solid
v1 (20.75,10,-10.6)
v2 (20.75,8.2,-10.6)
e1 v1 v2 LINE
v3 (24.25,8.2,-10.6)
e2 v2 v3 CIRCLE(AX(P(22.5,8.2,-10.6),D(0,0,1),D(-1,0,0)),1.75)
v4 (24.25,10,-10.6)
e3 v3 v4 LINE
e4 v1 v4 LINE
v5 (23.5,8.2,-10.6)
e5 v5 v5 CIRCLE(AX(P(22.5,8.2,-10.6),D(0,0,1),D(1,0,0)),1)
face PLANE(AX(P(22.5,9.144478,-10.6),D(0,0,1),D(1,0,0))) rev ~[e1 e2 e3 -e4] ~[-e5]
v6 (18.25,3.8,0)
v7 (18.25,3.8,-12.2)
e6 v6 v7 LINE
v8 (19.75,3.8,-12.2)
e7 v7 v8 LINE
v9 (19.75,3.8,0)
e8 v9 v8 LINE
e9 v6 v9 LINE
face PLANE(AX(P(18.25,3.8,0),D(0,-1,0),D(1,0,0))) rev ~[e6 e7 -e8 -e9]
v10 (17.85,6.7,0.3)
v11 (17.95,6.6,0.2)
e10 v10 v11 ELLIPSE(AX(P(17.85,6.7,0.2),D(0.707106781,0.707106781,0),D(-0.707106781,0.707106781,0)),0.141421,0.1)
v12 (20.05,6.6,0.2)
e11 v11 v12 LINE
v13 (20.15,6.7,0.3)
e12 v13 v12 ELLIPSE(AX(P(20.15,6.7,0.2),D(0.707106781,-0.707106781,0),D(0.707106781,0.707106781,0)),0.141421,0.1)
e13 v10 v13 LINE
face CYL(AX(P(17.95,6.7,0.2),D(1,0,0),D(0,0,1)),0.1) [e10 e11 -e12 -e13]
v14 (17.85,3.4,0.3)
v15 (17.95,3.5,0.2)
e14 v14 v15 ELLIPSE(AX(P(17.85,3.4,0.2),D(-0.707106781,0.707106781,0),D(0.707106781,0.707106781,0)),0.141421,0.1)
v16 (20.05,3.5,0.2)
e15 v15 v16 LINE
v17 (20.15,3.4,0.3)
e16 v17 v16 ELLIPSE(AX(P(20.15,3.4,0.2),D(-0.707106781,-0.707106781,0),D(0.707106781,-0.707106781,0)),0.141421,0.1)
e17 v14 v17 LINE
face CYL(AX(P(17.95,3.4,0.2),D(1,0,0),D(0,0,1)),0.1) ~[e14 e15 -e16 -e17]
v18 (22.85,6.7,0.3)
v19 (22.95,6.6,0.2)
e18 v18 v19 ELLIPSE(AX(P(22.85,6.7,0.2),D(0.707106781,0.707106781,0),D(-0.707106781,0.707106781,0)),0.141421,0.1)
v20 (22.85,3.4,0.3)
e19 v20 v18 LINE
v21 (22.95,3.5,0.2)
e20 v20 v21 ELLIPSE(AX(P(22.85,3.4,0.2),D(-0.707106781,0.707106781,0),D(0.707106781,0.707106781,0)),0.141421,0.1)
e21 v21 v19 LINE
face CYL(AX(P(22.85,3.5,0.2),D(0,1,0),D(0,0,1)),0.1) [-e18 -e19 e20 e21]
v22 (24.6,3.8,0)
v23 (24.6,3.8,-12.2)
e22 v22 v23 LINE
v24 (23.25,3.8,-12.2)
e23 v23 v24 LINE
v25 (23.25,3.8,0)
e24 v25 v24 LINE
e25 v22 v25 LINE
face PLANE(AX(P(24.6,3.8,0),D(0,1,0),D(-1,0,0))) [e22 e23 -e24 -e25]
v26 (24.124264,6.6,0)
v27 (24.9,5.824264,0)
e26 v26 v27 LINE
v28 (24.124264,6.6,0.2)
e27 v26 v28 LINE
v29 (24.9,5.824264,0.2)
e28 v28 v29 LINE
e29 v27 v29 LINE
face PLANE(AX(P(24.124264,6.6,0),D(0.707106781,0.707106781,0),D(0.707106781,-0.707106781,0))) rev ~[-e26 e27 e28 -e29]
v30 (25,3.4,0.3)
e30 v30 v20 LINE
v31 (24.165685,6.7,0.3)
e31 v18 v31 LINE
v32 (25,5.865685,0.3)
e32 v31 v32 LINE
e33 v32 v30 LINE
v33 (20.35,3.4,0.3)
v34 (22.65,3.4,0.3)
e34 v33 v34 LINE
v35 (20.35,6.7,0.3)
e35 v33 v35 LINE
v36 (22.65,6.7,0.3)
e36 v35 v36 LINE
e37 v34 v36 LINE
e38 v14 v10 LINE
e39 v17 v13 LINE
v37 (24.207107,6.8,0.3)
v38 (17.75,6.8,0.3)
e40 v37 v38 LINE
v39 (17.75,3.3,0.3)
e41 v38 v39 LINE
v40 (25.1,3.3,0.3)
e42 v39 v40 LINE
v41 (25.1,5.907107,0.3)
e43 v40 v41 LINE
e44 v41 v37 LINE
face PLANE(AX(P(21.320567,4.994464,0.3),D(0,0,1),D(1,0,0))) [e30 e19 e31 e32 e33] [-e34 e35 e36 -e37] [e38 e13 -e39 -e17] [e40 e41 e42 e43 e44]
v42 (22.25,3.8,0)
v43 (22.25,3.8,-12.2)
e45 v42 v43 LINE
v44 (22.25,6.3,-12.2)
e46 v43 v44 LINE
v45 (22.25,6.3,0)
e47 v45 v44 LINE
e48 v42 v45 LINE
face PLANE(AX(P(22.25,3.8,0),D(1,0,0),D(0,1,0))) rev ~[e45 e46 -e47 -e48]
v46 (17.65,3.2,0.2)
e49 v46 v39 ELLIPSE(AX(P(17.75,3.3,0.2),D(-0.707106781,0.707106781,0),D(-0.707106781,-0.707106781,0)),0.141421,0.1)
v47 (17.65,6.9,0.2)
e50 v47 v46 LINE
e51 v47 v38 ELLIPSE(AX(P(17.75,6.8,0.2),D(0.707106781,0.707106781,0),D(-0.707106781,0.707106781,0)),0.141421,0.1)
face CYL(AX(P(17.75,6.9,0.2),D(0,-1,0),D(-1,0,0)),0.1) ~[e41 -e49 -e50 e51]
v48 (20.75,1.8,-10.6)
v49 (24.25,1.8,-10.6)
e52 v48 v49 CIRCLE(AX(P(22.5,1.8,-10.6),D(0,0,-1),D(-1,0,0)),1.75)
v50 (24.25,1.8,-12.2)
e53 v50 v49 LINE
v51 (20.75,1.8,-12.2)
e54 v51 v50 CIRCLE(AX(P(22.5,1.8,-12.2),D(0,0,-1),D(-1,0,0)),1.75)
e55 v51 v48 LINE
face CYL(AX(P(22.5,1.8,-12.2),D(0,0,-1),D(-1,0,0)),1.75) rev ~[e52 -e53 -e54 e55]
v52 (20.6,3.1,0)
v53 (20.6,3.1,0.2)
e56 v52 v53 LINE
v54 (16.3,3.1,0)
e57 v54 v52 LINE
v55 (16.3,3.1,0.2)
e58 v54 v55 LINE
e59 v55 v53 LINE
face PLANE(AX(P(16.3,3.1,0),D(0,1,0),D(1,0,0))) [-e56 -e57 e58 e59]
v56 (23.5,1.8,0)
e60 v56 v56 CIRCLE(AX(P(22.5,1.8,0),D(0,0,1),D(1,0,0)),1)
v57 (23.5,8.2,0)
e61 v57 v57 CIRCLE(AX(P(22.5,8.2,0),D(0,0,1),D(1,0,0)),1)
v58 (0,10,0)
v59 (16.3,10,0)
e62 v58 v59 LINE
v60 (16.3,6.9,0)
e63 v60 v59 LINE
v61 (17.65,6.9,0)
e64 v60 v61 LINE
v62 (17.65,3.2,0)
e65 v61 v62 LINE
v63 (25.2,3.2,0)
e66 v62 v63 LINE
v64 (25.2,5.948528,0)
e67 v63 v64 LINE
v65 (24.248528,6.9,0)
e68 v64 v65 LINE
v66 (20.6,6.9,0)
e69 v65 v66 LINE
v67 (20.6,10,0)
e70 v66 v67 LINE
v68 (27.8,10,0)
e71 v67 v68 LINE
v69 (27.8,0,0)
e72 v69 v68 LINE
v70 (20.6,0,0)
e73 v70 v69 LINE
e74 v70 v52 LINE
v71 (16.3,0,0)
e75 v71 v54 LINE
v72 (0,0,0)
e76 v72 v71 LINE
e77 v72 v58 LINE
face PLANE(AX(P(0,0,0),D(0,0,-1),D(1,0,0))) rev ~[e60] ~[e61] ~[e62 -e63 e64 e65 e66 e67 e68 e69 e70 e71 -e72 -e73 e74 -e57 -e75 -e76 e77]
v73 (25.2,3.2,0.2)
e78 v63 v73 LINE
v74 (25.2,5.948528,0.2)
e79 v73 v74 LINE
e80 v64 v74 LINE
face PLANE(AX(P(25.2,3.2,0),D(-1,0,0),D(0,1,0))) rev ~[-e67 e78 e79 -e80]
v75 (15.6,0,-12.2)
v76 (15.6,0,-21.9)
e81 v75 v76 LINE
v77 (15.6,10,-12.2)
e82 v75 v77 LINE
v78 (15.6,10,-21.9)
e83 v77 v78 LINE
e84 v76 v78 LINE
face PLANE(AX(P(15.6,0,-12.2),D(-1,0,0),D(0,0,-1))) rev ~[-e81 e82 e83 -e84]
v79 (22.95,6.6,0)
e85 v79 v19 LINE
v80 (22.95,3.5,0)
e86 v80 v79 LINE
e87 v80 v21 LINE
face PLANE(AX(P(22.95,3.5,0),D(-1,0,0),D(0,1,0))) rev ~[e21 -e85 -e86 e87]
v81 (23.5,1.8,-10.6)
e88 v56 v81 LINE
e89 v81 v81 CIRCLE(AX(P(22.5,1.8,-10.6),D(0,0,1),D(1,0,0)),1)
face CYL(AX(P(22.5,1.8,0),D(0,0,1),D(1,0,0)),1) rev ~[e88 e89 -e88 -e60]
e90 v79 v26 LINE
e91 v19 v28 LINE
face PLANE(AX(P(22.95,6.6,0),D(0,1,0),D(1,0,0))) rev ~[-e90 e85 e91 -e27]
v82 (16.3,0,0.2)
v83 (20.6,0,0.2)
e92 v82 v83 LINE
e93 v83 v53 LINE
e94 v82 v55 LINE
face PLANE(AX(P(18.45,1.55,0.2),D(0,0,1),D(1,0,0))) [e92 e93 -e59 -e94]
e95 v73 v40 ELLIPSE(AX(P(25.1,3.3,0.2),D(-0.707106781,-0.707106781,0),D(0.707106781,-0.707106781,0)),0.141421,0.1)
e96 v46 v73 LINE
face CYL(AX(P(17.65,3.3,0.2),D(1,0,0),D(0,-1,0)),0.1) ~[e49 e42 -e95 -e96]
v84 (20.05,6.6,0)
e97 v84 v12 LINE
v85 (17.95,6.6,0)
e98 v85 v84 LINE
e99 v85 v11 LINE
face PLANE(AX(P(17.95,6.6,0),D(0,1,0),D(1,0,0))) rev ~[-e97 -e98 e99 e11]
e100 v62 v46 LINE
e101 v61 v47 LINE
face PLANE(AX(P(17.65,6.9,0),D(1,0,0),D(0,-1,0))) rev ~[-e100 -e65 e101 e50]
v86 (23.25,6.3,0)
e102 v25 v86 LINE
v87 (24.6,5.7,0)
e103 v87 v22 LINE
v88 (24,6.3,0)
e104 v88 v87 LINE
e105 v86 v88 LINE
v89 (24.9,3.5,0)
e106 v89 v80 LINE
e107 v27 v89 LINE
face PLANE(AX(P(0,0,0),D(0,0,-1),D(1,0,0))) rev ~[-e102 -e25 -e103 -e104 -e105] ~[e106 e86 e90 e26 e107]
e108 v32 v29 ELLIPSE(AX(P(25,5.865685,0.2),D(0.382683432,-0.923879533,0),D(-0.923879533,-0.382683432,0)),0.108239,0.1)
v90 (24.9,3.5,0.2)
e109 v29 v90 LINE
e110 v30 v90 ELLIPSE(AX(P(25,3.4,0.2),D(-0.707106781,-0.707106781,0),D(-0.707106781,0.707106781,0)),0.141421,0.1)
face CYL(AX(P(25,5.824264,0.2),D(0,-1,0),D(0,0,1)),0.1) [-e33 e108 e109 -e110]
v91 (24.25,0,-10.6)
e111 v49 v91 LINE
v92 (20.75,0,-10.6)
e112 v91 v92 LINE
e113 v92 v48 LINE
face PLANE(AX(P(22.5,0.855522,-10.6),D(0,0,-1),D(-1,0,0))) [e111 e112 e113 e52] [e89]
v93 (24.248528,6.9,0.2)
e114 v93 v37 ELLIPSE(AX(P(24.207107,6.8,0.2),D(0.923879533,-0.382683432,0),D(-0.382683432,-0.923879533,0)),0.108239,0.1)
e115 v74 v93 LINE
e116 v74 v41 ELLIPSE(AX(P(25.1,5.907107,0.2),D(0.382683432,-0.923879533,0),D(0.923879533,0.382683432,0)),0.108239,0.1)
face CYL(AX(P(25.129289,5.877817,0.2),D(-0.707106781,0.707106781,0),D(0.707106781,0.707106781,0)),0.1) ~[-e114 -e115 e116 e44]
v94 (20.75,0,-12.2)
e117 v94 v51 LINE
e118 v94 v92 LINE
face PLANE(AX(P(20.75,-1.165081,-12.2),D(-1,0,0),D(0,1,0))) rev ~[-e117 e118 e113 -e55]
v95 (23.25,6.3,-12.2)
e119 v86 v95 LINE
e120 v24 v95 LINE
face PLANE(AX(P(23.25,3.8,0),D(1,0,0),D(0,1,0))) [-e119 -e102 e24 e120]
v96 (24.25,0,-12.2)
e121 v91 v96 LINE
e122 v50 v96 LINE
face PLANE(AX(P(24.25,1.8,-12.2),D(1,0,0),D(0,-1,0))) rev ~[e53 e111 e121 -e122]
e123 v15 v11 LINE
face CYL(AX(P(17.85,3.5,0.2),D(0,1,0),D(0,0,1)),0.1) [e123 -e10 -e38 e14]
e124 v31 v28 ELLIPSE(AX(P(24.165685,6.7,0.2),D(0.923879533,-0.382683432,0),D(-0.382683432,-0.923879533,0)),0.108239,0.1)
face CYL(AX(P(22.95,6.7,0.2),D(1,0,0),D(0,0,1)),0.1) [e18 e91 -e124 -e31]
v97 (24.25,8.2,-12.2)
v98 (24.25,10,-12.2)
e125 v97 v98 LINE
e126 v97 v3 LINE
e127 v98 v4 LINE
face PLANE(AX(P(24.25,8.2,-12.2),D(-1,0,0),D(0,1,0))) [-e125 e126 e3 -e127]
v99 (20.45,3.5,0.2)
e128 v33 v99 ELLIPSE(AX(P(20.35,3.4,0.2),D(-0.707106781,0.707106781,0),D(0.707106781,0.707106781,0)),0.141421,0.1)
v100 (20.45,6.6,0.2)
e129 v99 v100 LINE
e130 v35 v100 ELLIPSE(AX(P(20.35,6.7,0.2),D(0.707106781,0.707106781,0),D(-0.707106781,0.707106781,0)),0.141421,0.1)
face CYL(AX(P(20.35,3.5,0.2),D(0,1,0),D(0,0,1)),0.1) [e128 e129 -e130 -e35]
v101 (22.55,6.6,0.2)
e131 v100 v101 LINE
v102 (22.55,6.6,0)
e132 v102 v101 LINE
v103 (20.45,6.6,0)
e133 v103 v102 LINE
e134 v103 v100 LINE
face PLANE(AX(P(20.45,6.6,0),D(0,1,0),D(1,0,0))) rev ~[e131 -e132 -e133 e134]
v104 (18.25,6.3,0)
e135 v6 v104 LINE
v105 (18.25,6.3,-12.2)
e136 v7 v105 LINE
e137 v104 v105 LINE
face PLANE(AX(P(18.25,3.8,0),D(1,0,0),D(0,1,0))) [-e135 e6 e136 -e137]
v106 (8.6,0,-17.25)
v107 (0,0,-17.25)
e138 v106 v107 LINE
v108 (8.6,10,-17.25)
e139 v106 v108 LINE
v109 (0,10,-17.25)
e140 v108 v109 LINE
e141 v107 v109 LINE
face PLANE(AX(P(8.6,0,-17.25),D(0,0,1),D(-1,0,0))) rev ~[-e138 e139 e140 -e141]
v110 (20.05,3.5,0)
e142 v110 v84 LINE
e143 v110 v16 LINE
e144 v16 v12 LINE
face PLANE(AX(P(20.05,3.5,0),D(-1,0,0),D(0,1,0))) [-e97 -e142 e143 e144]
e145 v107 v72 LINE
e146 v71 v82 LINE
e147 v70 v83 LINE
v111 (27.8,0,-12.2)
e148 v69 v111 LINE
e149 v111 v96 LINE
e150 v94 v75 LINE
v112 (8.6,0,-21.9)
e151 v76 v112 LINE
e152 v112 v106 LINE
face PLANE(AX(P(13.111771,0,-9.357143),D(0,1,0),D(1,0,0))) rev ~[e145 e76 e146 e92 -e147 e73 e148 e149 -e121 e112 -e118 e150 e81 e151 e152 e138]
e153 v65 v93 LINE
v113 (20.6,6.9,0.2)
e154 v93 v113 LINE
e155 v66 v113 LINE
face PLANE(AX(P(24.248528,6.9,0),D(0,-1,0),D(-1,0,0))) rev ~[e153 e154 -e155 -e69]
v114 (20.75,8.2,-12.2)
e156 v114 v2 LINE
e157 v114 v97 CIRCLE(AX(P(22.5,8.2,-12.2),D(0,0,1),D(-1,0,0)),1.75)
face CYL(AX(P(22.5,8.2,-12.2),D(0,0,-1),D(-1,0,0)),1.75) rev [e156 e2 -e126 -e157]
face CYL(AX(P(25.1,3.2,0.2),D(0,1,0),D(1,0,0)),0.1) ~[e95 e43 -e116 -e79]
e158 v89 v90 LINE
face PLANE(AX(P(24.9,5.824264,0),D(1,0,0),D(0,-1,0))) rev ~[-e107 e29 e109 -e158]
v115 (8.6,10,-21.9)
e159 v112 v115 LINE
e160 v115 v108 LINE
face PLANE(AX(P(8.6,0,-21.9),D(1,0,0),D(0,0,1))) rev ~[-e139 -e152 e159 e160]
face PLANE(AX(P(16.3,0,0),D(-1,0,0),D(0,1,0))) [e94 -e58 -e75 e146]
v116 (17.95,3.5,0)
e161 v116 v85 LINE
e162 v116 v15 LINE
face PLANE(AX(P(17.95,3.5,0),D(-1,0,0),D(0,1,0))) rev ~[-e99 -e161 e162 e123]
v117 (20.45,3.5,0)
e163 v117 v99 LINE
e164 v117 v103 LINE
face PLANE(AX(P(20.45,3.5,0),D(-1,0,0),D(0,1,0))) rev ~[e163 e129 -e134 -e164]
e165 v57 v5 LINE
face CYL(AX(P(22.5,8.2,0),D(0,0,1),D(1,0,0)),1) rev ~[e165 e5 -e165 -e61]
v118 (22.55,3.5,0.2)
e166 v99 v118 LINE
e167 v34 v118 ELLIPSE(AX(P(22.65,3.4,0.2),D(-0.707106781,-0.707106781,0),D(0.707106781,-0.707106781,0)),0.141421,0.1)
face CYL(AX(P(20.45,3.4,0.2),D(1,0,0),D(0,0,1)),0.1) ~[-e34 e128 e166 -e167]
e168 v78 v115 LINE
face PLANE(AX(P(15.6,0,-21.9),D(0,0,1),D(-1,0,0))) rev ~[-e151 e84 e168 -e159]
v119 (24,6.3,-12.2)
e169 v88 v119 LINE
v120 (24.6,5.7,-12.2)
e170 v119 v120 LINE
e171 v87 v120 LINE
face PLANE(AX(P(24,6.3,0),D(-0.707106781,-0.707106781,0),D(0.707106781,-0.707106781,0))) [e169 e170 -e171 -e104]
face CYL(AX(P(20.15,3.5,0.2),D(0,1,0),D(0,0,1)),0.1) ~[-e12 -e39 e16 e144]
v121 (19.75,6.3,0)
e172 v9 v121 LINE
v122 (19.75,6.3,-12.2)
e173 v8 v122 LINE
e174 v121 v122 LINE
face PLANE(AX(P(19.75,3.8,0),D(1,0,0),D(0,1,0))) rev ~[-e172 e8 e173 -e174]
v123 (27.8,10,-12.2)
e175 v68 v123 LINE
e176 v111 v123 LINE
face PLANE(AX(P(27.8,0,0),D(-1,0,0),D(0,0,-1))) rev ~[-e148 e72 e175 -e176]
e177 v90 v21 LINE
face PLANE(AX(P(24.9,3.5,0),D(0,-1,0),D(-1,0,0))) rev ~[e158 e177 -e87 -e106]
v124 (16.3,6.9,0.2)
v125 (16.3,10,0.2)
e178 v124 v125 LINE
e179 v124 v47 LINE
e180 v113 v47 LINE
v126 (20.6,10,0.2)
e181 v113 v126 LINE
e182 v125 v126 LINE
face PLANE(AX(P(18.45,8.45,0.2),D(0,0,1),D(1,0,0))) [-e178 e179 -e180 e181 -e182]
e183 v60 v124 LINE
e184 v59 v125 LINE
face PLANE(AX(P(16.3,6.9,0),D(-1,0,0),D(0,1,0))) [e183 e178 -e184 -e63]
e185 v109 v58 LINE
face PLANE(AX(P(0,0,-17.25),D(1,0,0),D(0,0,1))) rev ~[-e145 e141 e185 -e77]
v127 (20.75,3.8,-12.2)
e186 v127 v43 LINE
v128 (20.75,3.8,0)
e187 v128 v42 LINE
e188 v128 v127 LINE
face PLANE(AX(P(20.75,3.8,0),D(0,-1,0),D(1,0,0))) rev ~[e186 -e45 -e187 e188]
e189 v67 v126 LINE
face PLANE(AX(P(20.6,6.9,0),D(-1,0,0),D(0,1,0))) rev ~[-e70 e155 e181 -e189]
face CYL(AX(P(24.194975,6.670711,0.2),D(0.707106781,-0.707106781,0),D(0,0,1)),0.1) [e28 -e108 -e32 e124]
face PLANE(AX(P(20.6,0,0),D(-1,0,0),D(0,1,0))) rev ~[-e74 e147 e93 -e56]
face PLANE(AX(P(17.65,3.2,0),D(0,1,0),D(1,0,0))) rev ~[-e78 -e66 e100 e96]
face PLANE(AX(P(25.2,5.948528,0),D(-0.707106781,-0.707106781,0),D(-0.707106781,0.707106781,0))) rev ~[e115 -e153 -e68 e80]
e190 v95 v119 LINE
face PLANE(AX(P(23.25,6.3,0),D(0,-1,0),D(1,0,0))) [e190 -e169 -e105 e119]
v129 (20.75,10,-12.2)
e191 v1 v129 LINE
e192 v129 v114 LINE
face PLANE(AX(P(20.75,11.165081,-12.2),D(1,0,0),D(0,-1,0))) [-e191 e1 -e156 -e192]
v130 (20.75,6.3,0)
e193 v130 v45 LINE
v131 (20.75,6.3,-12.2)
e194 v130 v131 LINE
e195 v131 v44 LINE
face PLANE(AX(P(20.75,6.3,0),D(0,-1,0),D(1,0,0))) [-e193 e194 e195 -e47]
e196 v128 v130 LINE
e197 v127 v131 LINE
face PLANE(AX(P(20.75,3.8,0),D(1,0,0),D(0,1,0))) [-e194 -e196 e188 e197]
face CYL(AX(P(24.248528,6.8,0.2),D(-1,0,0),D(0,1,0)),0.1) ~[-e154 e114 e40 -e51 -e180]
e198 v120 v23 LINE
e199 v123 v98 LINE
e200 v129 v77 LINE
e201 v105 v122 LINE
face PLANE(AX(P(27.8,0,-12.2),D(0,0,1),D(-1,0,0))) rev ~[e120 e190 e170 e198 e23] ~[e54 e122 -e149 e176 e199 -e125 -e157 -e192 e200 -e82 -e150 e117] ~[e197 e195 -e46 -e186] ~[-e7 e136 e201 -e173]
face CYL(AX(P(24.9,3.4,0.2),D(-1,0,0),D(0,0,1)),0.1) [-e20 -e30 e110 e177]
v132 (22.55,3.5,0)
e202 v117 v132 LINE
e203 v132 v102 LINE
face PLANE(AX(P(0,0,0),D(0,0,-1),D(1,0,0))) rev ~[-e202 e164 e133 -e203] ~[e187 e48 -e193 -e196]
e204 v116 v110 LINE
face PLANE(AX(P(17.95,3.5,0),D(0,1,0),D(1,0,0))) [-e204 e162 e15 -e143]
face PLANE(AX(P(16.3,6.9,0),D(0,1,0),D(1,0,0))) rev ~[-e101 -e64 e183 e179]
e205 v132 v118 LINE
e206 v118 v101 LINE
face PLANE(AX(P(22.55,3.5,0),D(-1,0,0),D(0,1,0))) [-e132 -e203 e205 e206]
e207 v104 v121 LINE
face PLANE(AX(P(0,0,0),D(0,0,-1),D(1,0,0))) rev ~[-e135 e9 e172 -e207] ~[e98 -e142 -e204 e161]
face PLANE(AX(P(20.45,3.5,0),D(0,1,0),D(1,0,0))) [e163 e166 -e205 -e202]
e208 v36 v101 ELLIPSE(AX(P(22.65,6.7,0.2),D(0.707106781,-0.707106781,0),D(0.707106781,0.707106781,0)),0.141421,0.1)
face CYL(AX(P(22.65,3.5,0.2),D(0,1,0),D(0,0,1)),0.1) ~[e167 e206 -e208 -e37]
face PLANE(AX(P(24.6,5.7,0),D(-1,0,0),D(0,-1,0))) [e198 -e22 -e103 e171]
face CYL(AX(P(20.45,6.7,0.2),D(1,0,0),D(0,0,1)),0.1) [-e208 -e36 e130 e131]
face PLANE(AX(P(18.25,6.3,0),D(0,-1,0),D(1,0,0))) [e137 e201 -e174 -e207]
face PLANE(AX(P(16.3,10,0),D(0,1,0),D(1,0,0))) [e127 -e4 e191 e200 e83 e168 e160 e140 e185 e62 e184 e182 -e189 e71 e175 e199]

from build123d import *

# Parameters (mm, degrees)
BOSS_EXTRUDE1_DEPTH = 10
SKETCH2_W           = 1.5
SKETCH2_H           = 2.5
CUT_EXTRUDE1_DEPTH  = 17.9
SKETCH3_R           = 1
CUT_EXTRUDE2_DEPTH  = 37.775671306
CUT_EXTRUDE3_DEPTH  = 1.6
SKETCH5_W           = 2.1
SKETCH5_H           = 3.1
BOSS_EXTRUDE2_DEPTH = 0.3
FILLET1_R           = 0.1
SKETCH6_W           = 4.3
SKETCH6_H           = 3.1
BOSS_EXTRUDE3_DEPTH = 0.2


with BuildPart() as part:
    # Sketch1 → Boss-Extrude1 (new body)
    with BuildSketch(Plane(origin=(0, 0, 0), x_dir=(1, 0, 0), z_dir=(0, 1, 0))):
        Polygon((0, 0), (27.8, 0), (27.8, 12.2), (15.6, 12.2), (15.6, 21.9), (8.6, 21.9), (8.6, 17.25), (0, 17.25), align=None)
    extrude(amount=BOSS_EXTRUDE1_DEPTH)

    # Sketch2 → Cut-Extrude1 (cut)
    with BuildSketch(Plane.XY):
        with Locations((19, 5.05)):
            Rectangle(SKETCH2_W, SKETCH2_H)
        with Locations((21.5, 5.05)):
            Rectangle(SKETCH2_W, SKETCH2_H)
        Polygon((23.25, 6.3), (24, 6.3), (24.6, 5.7), (24.6, 3.8), (23.25, 3.8), align=None)
    extrude(amount=-CUT_EXTRUDE1_DEPTH, mode=Mode.SUBTRACT)

    # Sketch3 → Cut-Extrude2 (cut, through all)
    with BuildSketch(Plane.XY):
        with Locations((22.5, 8.2)):
            Circle(SKETCH3_R)
        with Locations((22.5, 1.8)):
            Circle(SKETCH3_R)
    extrude(amount=-CUT_EXTRUDE2_DEPTH, mode=Mode.SUBTRACT)

    # Sketch4 → Cut-Extrude3 (cut)
    with BuildSketch(Plane(origin=(0, 0, -12.2), x_dir=(-1, 0, 0), z_dir=(0, 0, -1))):
        with BuildLine():
            Line((-24.25, 8.2), (-24.25, 11.165081073))
            Line((-24.25, 11.165081073), (-20.75, 11.165081073))
            Line((-20.75, 11.165081073), (-20.75, 8.2))
            ThreePointArc((-20.75, 8.2), (-22.5, 6.45), (-24.25, 8.2))
        make_face()
        with BuildLine():
            Line((-20.75, -1.165081073), (-20.75, 1.8))
            ThreePointArc((-20.75, 1.8), (-22.5, 3.55), (-24.25, 1.8))
            Line((-24.25, 1.8), (-24.25, -1.165081073))
            Line((-24.25, -1.165081073), (-20.75, -1.165081073))
        make_face()
    extrude(amount=-CUT_EXTRUDE3_DEPTH, mode=Mode.SUBTRACT)

    # Sketch5 → Boss-Extrude2 (add)
    with BuildSketch(Plane.XY):
        Polygon((17.65, 6.9), (17.65, 3.2), (20.35, 3.2), (25.2, 3.2), (25.2, 5.948528137), (24.248528137, 6.9), align=None)
        with Locations((19, 5.05)):
            Rectangle(SKETCH5_W, SKETCH5_H, mode=Mode.SUBTRACT)
        with Locations((21.5, 5.05)):
            Rectangle(SKETCH5_W, SKETCH5_H, mode=Mode.SUBTRACT)
        Polygon((22.95, 6.6), (24.124264069, 6.6), (24.9, 5.824264069), (24.9, 3.5), (22.95, 3.5), align=None, mode=Mode.SUBTRACT)
    extrude(amount=BOSS_EXTRUDE2_DEPTH)

    # Fillet1
    fillet1_edges = [part.edges().sort_by_distance(p)[0] for p in [
        (20.949264069, 6.9, 0.3),
        (17.65, 5.05, 0.3),
        (21.425, 3.2, 0.3),
        (25.2, 4.574264069, 0.3),
        (24.724264069, 6.424264069, 0.3),
        (17.95, 5.05, 0.3),
        (19, 3.5, 0.3),
        (20.05, 5.05, 0.3),
        (19, 6.6, 0.3),
        (20.45, 5.05, 0.3),
        (21.5, 3.5, 0.3),
        (22.55, 5.05, 0.3),
        (21.5, 6.6, 0.3),
        (22.95, 5.05, 0.3),
        (23.925, 3.5, 0.3),
        (24.9, 4.662132034, 0.3),
        (24.512132034, 6.212132034, 0.3),
        (23.537132034, 6.6, 0.3),
    ]]
    fillet(fillet1_edges, radius=FILLET1_R)

    # Sketch6 → Boss-Extrude3 (add)
    with BuildSketch(Plane.XY):
        with Locations((18.45, 8.45)):
            Rectangle(SKETCH6_W, SKETCH6_H)
        with Locations((18.45, 1.55)):
            Rectangle(SKETCH6_W, SKETCH6_H)
    extrude(amount=BOSS_EXTRUDE3_DEPTH)


solid = part.part
